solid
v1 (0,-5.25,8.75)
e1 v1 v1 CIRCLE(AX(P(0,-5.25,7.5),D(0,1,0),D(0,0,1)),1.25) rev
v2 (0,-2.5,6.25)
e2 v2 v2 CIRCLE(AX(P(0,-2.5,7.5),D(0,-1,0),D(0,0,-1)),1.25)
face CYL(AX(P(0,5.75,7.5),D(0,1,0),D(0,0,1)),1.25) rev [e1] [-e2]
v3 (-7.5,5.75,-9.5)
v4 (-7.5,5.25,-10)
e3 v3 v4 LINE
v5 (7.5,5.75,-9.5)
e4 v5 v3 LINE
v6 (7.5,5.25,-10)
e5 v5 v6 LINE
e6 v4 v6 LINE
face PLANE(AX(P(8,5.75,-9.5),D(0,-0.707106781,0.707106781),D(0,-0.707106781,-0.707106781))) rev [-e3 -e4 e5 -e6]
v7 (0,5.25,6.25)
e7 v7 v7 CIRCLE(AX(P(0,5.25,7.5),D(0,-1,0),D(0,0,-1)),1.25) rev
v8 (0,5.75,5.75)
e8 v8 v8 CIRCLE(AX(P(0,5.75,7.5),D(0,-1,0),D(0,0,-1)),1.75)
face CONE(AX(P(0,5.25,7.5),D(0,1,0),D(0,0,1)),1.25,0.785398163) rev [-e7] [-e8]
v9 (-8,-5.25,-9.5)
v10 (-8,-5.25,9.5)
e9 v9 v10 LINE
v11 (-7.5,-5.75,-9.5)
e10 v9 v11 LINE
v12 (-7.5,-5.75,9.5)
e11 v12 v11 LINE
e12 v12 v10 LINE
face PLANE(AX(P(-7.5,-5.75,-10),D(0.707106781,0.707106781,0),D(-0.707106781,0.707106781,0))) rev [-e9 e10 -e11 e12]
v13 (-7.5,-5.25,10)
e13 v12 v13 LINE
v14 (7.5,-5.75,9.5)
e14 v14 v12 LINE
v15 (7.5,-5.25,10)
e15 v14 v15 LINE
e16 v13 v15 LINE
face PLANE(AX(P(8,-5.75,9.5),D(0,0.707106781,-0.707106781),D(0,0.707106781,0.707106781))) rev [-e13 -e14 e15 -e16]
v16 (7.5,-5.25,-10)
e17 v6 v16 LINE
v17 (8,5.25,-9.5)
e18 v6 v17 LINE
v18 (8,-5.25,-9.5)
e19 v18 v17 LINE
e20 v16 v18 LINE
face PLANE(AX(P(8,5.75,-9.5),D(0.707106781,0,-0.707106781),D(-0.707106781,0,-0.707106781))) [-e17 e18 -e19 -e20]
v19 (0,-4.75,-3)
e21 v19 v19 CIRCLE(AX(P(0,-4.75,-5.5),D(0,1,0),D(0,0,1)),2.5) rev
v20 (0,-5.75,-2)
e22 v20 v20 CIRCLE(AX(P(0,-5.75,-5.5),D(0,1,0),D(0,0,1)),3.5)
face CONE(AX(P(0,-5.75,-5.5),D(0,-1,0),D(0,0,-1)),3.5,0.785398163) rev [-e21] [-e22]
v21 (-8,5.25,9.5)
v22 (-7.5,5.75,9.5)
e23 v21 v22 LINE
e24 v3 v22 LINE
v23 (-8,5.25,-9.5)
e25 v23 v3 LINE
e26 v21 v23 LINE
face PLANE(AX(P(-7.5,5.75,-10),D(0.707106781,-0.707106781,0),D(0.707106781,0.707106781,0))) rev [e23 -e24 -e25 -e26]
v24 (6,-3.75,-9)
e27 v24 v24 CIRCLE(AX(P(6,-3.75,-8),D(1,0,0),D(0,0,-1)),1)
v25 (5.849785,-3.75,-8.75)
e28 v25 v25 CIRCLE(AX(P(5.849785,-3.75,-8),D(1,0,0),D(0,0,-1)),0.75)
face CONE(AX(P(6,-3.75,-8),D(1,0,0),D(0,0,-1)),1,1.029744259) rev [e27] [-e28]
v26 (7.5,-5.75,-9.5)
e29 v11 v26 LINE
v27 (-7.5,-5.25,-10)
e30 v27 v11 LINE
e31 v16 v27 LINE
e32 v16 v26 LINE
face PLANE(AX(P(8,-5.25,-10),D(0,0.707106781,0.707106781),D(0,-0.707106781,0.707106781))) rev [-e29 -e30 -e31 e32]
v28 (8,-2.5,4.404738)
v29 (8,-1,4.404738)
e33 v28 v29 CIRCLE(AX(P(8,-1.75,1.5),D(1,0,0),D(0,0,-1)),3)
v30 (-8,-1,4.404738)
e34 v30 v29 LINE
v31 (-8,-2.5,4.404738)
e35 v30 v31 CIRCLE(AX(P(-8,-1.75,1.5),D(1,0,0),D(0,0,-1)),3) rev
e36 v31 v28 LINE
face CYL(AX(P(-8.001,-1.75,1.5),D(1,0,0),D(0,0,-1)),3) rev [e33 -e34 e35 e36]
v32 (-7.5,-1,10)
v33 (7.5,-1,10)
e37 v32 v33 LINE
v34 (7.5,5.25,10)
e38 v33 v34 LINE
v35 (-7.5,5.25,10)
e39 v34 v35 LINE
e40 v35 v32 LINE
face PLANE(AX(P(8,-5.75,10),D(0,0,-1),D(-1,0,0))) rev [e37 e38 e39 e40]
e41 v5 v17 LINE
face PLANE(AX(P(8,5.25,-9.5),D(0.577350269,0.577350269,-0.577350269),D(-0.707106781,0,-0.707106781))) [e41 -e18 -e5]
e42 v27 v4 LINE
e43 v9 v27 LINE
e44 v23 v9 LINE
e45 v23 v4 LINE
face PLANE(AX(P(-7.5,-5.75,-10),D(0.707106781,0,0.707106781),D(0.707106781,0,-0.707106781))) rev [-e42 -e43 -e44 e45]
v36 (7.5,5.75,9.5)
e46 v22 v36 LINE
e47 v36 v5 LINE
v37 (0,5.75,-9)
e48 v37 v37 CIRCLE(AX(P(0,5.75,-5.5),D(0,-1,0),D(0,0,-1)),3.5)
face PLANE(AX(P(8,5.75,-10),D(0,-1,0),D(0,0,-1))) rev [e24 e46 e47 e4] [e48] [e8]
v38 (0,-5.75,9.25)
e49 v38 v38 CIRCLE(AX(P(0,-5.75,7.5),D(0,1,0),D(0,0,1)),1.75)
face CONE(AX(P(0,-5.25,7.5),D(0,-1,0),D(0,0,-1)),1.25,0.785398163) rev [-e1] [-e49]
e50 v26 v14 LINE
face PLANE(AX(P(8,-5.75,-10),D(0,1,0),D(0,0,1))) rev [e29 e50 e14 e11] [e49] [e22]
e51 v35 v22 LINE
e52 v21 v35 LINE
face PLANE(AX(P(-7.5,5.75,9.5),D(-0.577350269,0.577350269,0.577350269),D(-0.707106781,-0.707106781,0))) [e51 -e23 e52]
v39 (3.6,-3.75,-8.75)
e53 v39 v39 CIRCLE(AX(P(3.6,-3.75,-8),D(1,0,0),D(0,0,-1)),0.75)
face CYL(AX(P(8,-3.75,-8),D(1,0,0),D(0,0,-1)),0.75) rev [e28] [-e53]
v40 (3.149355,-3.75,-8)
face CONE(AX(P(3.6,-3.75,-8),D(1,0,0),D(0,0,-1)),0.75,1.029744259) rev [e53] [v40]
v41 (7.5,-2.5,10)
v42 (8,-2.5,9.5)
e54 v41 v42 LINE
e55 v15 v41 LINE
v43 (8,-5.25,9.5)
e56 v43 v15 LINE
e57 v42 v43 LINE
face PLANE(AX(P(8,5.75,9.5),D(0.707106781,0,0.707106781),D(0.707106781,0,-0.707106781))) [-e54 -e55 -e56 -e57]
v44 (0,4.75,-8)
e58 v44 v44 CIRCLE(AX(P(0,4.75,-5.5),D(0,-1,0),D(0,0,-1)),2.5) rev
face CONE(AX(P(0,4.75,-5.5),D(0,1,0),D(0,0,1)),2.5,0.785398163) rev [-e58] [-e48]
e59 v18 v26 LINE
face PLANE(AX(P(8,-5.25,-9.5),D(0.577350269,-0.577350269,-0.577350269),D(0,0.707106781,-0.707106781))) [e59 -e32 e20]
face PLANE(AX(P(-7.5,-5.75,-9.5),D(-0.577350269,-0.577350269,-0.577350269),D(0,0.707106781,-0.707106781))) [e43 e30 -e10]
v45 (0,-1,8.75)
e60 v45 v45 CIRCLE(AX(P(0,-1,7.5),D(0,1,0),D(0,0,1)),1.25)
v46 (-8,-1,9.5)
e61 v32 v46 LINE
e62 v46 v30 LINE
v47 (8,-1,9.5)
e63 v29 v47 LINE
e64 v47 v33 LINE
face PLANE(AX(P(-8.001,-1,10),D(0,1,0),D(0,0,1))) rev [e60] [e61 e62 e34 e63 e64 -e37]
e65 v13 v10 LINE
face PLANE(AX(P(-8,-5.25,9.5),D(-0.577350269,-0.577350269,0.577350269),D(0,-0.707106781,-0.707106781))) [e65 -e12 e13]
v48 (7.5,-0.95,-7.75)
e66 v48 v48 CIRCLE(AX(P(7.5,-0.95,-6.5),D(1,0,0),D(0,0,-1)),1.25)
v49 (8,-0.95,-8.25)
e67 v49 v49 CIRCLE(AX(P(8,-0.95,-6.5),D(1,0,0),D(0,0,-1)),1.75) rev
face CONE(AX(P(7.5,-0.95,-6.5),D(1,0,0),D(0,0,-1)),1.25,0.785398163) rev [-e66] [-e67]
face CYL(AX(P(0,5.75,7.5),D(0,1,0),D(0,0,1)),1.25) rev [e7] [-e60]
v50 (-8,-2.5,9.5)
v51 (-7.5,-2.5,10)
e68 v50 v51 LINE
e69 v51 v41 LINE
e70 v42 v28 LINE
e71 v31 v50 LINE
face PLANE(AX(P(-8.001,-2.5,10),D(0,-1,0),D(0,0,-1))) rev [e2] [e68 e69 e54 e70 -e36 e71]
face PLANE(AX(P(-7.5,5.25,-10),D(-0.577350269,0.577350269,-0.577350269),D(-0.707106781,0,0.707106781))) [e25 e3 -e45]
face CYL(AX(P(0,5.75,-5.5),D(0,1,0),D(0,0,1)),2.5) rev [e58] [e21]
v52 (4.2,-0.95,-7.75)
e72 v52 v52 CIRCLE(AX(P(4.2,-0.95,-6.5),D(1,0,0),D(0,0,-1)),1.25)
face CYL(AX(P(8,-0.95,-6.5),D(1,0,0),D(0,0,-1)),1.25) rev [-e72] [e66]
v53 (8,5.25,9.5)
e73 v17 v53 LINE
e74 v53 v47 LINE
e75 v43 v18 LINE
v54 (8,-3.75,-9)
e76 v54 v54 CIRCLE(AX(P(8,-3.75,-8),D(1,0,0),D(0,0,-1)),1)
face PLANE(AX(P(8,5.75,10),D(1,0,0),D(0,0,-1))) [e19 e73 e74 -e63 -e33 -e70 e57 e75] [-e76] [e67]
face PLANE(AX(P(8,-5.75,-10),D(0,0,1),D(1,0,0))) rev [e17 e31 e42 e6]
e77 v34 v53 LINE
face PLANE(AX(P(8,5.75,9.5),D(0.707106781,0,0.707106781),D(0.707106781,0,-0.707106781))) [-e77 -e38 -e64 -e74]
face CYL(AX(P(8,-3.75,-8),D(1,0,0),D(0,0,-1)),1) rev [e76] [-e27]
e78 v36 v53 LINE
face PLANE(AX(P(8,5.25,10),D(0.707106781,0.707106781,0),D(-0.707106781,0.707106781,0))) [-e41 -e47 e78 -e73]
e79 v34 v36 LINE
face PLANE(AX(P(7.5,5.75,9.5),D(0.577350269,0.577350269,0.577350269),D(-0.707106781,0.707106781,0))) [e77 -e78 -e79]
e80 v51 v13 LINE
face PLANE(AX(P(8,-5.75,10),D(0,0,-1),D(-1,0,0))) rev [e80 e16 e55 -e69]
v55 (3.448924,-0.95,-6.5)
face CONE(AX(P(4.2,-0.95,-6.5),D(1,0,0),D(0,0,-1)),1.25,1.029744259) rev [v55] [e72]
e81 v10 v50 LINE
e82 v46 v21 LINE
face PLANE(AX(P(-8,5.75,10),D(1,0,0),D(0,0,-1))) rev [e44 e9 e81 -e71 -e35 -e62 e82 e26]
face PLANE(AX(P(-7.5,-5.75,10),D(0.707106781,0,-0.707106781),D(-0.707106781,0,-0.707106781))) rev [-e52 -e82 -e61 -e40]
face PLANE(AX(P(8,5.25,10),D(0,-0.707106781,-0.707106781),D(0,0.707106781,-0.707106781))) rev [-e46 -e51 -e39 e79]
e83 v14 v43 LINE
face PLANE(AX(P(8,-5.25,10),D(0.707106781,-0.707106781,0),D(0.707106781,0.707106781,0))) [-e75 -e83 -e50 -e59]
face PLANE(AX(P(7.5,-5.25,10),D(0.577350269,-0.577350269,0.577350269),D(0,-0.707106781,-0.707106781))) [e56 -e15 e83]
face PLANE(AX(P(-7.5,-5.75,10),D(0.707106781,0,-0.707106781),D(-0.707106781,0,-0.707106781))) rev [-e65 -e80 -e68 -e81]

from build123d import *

# Parameters (mm, degrees)
SKETCH_1_W            = 20
SKETCH_1_H            = 11.5
EXTRUDE_1_DEPTH       = 8
CUT_EXTRUDE_1_REACH   = 18
HOLE_WIZARD_M31_D     = 2.5
HOLE_WIZARD_M31_DEPTH = 11.5
HOLE_WIZARD_M31_TIP   = 0.751075774
HOLE_WIZARD_M61_D     = 5
HOLE_WIZARD_M61_DEPTH = 11.5
CHAMFER_1_SIZE        = 0.5
CHAMFER_2_SIZE        = 1
HOLE_WIZARD_M32_D     = 2.5
HOLE_WIZARD_M32_DEPTH = 3.8
HOLE_WIZARD_M32_TIP   = 0.751075774
CHAMFER_3_SIZE        = 0.5
HOLE_WIZARD_1_D       = 1.5
HOLE_WIZARD_1_DEPTH   = 4.4
HOLE_WIZARD_1_TIP     = 0.450645464
HOLE_WIZARD_2_D       = 2
HOLE_WIZARD_2_DEPTH   = 2
HOLE_WIZARD_2_TIP     = 0.600860619
CHAMFER_4_SIZE        = 0.5


with BuildPart() as part:
    # Эскиз1 → Бобышка-Вытянуть1 (new body, symmetric)
    with BuildSketch(Plane(origin=(0, 0, 0), x_dir=(0, 0, -1), z_dir=(1, 0, 0))):
        Rectangle(SKETCH_1_W, SKETCH_1_H)
    extrude(amount=EXTRUDE_1_DEPTH, both=True)

    # Эскиз2 → Вырез-Вытянуть1 (cut, up to next)
    with BuildSketch(Plane(origin=(8, 0, 0), x_dir=(0, 0, -1), z_dir=(1, 0, 0)), mode=Mode.PRIVATE) as cut_extrude_1_sk1:
        with BuildLine():
            Line((-10, -1), (-4.40473751, -1))
            ThreePointArc((-4.40473751, -1), (1.5, -1.75), (-4.40473751, -2.5))
            Line((-4.40473751, -2.5), (-10, -2.5))
            Line((-10, -2.5), (-10, -1))
        make_face()
    cut_extrude_1_tool1 = extrude(cut_extrude_1_sk1.sketch, amount=-CUT_EXTRUDE_1_REACH, mode=Mode.PRIVATE) & part.part
    add(cut_extrude_1_tool1.solids().sort_by_distance((8, -1.75, 2.800956))[0], mode=Mode.SUBTRACT)

    # Отверстие обработанное метчиком M31
    with Locations(Plane(origin=(0, 5.75, 0), x_dir=(-1, 0, 0), z_dir=(0, 1, 0))):
        with Locations((0, 7.5)):
            Hole(HOLE_WIZARD_M31_D / 2, depth=HOLE_WIZARD_M31_DEPTH)
            with Locations((0, 0, -(HOLE_WIZARD_M31_DEPTH + HOLE_WIZARD_M31_TIP / 2))):  # 118° drill point
                Cone(0, HOLE_WIZARD_M31_D / 2, HOLE_WIZARD_M31_TIP, mode=Mode.SUBTRACT)

    # Отверстие обработанное метчиком M61
    with Locations(Plane(origin=(0, 5.75, 0), x_dir=(-1, 0, 0), z_dir=(0, 1, 0))):
        with Locations((0, -5.5)):
            Hole(HOLE_WIZARD_M61_D / 2, depth=HOLE_WIZARD_M61_DEPTH)

    # Фаска1
    chamfer_1_edges = [part.edges().sort_by_distance(p)[0] for p in [
        (-1.25, 5.75, 7.5),
        (-1.25, -5.75, 7.5),
    ]]
    chamfer(chamfer_1_edges, length=CHAMFER_1_SIZE)

    # Фаска2
    chamfer_2_edges = [part.edges().sort_by_distance(p)[0] for p in [
        (-2.5, 5.75, -5.5),
        (-2.5, -5.75, -5.5),
    ]]
    chamfer(chamfer_2_edges, length=CHAMFER_2_SIZE)

    # Отверстие обработанное метчиком M32
    with Locations(Plane(origin=(8, 0, 0), x_dir=(0, 0, -1), z_dir=(1, 0, 0))):
        with Locations((6.5, -0.95)):
            Hole(HOLE_WIZARD_M32_D / 2, depth=HOLE_WIZARD_M32_DEPTH)
            with Locations((0, 0, -(HOLE_WIZARD_M32_DEPTH + HOLE_WIZARD_M32_TIP / 2))):  # 118° drill point
                Cone(0, HOLE_WIZARD_M32_D / 2, HOLE_WIZARD_M32_TIP, mode=Mode.SUBTRACT)

    # Фаска3
    chamfer_3_edges = [part.edges().sort_by_distance(p)[0] for p in [
        (8, -0.95, -7.75),
    ]]
    chamfer(chamfer_3_edges, length=CHAMFER_3_SIZE)

    # Отверстие1
    with Locations(Plane(origin=(8, 0, 0), x_dir=(0, 0, -1), z_dir=(1, 0, 0))):
        with Locations((8, -3.75)):
            Hole(HOLE_WIZARD_1_D / 2, depth=HOLE_WIZARD_1_DEPTH)
            with Locations((0, 0, -(HOLE_WIZARD_1_DEPTH + HOLE_WIZARD_1_TIP / 2))):  # 118° drill point
                Cone(0, HOLE_WIZARD_1_D / 2, HOLE_WIZARD_1_TIP, mode=Mode.SUBTRACT)

    # Отверстие2
    with Locations(Plane(origin=(8, 0, 0), x_dir=(0, 0, -1), z_dir=(1, 0, 0))):
        with Locations((8, -3.75)):
            Hole(HOLE_WIZARD_2_D / 2, depth=HOLE_WIZARD_2_DEPTH)
            with Locations((0, 0, -(HOLE_WIZARD_2_DEPTH + HOLE_WIZARD_2_TIP / 2))):  # 118° drill point
                Cone(0, HOLE_WIZARD_2_D / 2, HOLE_WIZARD_2_TIP, mode=Mode.SUBTRACT)

    # Фаска4
    chamfer_4_edges = [part.edges().sort_by_distance(p)[0] for p in [
        (8, 0, -10),
        (8, 5.75, 0),
        (-8, -4.125, 10),
        (8, -4.125, 10),
        (8, 2.375, 10),
        (-8, 5.75, 0),
        (-8, 0, -10),
        (-8, -5.75, 0),
        (-8, 2.375, 10),
        (8, -5.75, 0),
        (0, 5.75, 10),
        (0, 5.75, -10),
        (0, -5.75, -10),
        (0, -5.75, 10),
    ]]
    chamfer(chamfer_4_edges, length=CHAMFER_4_SIZE)


solid = part.part
